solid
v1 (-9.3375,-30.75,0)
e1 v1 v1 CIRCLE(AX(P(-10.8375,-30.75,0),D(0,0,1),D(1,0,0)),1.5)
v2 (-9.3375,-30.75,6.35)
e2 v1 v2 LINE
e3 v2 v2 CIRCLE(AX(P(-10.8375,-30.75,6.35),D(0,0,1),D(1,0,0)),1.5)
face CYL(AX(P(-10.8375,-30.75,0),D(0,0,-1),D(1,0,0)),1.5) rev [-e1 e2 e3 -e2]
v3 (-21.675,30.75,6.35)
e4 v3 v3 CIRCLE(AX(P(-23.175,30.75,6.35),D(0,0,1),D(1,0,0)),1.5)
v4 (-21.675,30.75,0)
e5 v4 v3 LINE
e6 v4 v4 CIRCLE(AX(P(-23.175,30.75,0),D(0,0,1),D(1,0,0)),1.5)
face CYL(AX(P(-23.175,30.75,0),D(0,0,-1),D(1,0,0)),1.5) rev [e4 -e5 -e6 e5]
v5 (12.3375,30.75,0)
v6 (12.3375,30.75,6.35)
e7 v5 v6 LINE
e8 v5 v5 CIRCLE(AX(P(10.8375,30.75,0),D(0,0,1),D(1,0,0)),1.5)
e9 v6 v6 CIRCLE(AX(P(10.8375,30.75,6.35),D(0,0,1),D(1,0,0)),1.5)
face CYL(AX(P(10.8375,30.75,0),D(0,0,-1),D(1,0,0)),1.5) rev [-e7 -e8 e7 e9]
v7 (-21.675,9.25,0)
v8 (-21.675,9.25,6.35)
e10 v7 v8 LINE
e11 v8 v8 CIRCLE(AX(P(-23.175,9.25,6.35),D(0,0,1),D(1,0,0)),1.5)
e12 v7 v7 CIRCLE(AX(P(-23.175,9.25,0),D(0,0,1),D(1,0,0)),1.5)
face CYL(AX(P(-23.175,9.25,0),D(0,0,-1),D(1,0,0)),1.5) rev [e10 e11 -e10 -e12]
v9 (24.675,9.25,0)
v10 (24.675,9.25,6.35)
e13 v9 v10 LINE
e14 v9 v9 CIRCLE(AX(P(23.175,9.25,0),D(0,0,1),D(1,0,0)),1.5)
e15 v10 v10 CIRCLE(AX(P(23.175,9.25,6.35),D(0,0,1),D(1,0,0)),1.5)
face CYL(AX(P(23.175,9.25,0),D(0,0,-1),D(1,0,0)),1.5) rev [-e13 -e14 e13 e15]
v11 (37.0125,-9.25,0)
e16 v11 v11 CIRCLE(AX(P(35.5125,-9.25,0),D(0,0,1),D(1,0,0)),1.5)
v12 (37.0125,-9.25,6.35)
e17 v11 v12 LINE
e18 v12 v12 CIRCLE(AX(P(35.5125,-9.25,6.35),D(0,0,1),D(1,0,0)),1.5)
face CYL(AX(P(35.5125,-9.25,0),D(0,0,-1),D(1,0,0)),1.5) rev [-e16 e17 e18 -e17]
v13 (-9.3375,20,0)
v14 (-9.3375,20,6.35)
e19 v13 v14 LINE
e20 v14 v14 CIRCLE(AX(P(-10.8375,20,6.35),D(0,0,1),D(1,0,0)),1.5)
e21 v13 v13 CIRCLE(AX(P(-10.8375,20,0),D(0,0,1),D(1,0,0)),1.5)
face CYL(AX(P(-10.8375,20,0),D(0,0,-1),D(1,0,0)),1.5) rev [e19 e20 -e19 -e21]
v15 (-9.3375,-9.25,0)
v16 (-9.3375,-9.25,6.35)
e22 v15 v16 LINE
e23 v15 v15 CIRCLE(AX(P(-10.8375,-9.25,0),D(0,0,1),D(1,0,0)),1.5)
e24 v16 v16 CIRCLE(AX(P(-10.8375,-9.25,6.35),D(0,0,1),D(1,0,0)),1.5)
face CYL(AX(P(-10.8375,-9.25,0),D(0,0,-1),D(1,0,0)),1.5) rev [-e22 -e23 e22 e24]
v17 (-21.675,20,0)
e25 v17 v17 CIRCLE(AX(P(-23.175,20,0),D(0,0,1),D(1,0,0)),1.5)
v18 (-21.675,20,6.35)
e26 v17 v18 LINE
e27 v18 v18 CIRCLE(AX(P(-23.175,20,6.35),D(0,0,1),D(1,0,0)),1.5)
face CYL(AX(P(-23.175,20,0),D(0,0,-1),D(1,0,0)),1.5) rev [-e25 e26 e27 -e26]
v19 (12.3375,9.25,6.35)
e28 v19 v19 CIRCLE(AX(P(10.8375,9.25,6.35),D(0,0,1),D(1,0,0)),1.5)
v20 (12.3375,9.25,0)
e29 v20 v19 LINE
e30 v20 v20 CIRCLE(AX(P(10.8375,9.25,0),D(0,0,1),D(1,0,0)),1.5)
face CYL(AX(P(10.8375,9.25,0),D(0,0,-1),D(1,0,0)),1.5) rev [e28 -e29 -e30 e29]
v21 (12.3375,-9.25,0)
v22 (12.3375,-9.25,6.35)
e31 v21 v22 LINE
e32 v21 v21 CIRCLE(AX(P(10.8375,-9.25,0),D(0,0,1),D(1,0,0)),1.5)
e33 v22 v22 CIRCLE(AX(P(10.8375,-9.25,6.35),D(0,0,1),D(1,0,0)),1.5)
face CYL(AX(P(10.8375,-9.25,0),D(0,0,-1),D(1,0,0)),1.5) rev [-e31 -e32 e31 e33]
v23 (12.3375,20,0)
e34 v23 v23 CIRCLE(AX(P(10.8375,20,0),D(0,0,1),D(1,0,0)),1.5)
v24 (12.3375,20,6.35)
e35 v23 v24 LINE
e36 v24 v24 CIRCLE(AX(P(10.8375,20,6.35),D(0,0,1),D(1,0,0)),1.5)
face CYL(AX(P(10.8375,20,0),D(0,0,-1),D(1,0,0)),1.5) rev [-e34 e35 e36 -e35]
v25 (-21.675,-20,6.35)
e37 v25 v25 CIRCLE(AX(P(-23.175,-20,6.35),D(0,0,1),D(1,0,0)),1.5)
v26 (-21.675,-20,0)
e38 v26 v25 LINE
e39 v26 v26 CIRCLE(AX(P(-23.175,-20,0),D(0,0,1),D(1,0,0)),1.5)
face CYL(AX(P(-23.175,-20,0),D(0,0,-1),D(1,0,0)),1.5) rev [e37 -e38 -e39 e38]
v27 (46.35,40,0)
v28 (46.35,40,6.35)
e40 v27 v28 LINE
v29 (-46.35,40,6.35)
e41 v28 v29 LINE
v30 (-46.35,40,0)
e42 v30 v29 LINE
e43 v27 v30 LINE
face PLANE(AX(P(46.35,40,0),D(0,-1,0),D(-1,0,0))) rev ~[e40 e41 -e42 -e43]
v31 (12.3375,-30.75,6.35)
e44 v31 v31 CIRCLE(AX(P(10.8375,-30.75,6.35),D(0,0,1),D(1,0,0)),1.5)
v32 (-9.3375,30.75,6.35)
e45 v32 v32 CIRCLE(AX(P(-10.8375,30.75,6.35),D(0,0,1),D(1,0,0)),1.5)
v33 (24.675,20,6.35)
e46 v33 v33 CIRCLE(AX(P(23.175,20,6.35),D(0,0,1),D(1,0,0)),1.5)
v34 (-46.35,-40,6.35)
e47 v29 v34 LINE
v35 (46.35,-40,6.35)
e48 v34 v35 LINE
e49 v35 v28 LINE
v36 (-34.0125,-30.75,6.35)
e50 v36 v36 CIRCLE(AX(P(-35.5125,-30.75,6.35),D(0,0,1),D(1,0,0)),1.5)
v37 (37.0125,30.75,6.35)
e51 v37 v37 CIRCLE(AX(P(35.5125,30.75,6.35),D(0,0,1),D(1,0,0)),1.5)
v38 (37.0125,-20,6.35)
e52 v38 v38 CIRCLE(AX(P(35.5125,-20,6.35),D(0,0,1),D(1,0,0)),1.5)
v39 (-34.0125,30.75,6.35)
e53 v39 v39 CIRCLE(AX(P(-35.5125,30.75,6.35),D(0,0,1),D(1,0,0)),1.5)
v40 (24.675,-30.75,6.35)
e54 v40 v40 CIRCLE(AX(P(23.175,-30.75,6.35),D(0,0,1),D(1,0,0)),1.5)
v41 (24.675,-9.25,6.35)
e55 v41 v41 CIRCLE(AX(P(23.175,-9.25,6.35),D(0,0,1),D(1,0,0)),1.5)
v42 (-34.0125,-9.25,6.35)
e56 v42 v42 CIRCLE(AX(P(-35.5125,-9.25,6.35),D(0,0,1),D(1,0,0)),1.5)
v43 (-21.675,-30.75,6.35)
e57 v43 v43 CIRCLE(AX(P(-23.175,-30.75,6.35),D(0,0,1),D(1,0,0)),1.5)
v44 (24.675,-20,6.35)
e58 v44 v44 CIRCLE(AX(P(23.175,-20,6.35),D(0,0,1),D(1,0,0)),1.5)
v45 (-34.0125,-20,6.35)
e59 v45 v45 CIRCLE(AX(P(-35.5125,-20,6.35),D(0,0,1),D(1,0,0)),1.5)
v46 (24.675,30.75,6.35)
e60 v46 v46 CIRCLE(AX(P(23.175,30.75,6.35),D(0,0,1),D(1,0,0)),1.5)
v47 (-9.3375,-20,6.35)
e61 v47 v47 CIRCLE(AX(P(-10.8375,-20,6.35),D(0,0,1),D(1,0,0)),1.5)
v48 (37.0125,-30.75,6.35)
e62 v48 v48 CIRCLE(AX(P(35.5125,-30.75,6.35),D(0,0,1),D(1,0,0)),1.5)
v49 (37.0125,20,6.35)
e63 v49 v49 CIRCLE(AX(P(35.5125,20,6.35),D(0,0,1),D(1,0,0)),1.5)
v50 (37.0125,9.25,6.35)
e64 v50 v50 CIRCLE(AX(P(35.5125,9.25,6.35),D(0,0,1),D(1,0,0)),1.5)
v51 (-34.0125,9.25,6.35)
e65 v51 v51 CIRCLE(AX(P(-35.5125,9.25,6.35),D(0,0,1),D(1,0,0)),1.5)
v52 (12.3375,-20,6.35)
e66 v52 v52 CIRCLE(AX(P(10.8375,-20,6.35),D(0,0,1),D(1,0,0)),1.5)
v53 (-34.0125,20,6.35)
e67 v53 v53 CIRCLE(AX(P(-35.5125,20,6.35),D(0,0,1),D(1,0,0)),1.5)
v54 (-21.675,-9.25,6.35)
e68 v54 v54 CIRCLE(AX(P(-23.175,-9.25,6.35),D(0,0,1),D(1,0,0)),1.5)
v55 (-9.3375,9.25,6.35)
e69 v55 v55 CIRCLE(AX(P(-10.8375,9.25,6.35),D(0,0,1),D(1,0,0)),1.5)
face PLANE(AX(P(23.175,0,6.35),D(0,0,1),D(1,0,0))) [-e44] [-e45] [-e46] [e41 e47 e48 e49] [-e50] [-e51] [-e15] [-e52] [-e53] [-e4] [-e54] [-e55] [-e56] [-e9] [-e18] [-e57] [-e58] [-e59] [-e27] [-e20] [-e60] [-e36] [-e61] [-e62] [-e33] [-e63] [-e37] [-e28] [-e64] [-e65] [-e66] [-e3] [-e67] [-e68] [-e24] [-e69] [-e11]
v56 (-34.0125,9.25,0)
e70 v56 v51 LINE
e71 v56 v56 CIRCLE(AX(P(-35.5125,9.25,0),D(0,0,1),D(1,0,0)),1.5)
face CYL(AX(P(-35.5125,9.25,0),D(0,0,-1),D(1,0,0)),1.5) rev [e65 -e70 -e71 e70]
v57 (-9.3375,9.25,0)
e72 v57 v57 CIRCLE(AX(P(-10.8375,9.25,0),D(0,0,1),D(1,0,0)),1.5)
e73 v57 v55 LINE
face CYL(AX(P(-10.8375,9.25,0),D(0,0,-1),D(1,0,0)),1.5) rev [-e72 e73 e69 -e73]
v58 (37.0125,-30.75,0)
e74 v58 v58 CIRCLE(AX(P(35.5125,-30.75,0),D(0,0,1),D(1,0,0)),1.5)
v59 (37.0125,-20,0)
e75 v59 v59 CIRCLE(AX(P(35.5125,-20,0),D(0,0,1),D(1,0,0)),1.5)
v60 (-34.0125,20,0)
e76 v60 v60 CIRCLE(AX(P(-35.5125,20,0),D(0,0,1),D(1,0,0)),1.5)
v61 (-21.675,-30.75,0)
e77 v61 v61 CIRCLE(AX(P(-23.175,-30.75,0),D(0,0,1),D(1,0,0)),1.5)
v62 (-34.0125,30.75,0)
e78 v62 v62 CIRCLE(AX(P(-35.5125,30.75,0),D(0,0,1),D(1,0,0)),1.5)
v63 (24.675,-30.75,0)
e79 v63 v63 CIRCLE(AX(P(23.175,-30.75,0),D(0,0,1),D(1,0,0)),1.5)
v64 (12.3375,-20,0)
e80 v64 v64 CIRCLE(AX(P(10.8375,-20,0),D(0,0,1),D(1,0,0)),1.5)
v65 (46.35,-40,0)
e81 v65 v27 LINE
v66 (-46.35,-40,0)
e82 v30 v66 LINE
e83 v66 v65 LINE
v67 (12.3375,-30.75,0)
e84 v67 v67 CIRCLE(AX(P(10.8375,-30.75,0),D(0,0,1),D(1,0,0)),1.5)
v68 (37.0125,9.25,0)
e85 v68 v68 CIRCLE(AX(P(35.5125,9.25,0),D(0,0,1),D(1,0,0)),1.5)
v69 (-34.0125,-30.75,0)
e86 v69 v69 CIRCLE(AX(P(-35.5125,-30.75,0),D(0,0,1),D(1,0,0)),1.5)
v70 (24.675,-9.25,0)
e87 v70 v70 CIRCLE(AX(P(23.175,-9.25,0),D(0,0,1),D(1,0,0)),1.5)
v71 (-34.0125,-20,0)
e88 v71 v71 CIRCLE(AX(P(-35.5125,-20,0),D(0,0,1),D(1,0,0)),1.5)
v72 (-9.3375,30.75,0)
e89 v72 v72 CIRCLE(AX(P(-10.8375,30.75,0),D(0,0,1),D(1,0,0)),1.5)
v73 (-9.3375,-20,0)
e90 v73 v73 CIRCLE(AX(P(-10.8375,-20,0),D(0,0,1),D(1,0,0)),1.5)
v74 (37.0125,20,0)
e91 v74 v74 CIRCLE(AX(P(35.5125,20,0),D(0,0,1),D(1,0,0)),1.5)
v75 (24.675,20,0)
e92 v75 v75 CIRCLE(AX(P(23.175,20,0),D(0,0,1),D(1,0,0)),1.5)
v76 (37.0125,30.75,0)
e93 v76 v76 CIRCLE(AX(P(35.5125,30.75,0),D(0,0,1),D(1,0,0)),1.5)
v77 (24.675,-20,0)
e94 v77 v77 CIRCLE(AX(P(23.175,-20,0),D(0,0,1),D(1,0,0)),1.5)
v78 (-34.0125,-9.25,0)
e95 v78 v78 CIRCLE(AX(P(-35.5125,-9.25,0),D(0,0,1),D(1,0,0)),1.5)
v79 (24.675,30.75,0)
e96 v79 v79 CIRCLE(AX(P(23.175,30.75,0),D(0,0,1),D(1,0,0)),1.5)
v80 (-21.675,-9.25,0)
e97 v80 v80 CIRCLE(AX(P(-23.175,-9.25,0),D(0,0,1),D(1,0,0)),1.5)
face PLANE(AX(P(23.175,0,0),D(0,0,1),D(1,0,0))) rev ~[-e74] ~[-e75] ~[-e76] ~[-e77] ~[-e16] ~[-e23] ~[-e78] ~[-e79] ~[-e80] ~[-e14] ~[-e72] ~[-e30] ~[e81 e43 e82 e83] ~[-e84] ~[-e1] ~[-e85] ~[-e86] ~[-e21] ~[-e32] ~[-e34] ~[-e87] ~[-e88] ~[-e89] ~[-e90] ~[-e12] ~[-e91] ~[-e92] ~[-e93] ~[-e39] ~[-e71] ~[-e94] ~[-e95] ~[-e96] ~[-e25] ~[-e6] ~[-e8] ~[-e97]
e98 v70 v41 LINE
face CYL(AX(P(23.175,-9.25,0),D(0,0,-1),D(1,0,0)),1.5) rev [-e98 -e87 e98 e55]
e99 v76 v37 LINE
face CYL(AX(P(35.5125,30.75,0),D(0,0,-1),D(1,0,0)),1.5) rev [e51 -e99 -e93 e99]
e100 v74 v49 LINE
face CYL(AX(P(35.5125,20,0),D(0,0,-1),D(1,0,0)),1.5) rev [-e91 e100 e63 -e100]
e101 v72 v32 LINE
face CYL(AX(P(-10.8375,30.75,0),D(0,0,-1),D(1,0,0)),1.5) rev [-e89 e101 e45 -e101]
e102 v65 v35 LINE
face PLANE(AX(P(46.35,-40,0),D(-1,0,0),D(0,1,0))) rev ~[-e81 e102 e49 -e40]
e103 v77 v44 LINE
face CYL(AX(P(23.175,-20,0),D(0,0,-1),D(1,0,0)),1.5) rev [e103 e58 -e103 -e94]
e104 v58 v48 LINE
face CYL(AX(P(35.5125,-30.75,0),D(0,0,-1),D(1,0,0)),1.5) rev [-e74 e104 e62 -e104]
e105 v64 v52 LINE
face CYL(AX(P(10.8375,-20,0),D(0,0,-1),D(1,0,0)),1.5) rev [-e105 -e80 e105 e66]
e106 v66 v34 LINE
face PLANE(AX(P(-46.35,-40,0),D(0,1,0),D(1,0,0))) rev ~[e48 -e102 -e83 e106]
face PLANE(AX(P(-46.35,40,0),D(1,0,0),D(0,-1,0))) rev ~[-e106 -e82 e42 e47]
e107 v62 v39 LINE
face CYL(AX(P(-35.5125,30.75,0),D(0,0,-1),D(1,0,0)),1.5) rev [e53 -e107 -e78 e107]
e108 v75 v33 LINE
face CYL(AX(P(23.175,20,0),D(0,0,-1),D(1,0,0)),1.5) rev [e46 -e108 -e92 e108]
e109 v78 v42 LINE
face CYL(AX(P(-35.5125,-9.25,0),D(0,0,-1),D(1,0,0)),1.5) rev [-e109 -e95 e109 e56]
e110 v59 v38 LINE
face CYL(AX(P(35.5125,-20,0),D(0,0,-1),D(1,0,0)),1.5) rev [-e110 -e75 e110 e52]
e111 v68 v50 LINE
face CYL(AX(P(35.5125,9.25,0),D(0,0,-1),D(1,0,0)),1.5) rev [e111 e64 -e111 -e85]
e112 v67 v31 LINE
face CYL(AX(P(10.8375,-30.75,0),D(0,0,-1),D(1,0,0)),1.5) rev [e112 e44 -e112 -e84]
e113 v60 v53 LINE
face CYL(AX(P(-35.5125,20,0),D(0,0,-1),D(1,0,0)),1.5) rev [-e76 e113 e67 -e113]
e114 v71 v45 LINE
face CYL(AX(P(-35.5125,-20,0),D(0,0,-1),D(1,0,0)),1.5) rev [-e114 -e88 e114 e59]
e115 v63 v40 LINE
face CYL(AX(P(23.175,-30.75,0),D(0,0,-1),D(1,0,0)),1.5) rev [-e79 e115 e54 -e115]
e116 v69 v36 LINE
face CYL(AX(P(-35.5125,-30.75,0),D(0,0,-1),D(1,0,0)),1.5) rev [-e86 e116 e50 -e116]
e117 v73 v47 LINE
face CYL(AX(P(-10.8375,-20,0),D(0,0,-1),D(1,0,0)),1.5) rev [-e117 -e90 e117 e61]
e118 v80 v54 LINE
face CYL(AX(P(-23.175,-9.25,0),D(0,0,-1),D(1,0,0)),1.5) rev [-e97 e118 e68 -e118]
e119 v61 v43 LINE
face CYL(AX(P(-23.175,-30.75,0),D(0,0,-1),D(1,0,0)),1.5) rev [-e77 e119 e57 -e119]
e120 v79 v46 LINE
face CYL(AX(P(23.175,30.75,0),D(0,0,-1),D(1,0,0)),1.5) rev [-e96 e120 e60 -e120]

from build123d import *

# Parameters (mm, degrees)
F0_R     = 1.5
F1_DEPTH = 6.35


with BuildPart() as f1:
    # F0 (on Top) → F1 (new body)
    with BuildSketch(Plane.XY):
        Polygon((46.35, 40), (0, 40), (0, 0), (0, -40), (46.35, -40), (46.35, 0), align=None)
        with Locations((10.8375, -30.75)):
            Circle(F0_R, mode=Mode.SUBTRACT)
        with Locations((23.175, -30.75)):
            Circle(F0_R, mode=Mode.SUBTRACT)
        with Locations((35.5125, -30.75)):
            Circle(F0_R, mode=Mode.SUBTRACT)
        with Locations((10.8375, -20)):
            Circle(F0_R, mode=Mode.SUBTRACT)
        with Locations((10.8375, -9.25)):
            Circle(F0_R, mode=Mode.SUBTRACT)
        with Locations((23.175, -20)):
            Circle(F0_R, mode=Mode.SUBTRACT)
        with Locations((35.5125, -20)):
            Circle(F0_R, mode=Mode.SUBTRACT)
        with Locations((23.175, -9.25)):
            Circle(F0_R, mode=Mode.SUBTRACT)
        with Locations((35.5125, -9.25)):
            Circle(F0_R, mode=Mode.SUBTRACT)
        with Locations((10.8375, 9.25)):
            Circle(F0_R, mode=Mode.SUBTRACT)
        with Locations((23.175, 9.25)):
            Circle(F0_R, mode=Mode.SUBTRACT)
        with Locations((35.5125, 9.25)):
            Circle(F0_R, mode=Mode.SUBTRACT)
        with Locations((10.8375, 20)):
            Circle(F0_R, mode=Mode.SUBTRACT)
        with Locations((10.8375, 30.75)):
            Circle(F0_R, mode=Mode.SUBTRACT)
        with Locations((23.175, 20)):
            Circle(F0_R, mode=Mode.SUBTRACT)
        with Locations((35.5125, 20)):
            Circle(F0_R, mode=Mode.SUBTRACT)
        with Locations((23.175, 30.75)):
            Circle(F0_R, mode=Mode.SUBTRACT)
        with Locations((35.5125, 30.75)):
            Circle(F0_R, mode=Mode.SUBTRACT)
        Polygon((0, 0), (0, 40), (-46.35, 40), (-46.35, 0), (-46.35, -40), (0, -40), align=None)
        with Locations((-35.5125, -30.75)):
            Circle(F0_R, mode=Mode.SUBTRACT)
        with Locations((-23.175, -30.75)):
            Circle(F0_R, mode=Mode.SUBTRACT)
        with Locations((-10.8375, -30.75)):
            Circle(F0_R, mode=Mode.SUBTRACT)
        with Locations((-35.5125, -20)):
            Circle(F0_R, mode=Mode.SUBTRACT)
        with Locations((-23.175, -20)):
            Circle(F0_R, mode=Mode.SUBTRACT)
        with Locations((-35.5125, -9.25)):
            Circle(F0_R, mode=Mode.SUBTRACT)
        with Locations((-23.175, -9.25)):
            Circle(F0_R, mode=Mode.SUBTRACT)
        with Locations((-10.8375, -20)):
            Circle(F0_R, mode=Mode.SUBTRACT)
        with Locations((-10.8375, -9.25)):
            Circle(F0_R, mode=Mode.SUBTRACT)
        with Locations((-35.5125, 9.25)):
            Circle(F0_R, mode=Mode.SUBTRACT)
        with Locations((-23.175, 9.25)):
            Circle(F0_R, mode=Mode.SUBTRACT)
        with Locations((-10.8375, 9.25)):
            Circle(F0_R, mode=Mode.SUBTRACT)
        with Locations((-35.5125, 20)):
            Circle(F0_R, mode=Mode.SUBTRACT)
        with Locations((-23.175, 20)):
            Circle(F0_R, mode=Mode.SUBTRACT)
        with Locations((-35.5125, 30.75)):
            Circle(F0_R, mode=Mode.SUBTRACT)
        with Locations((-23.175, 30.75)):
            Circle(F0_R, mode=Mode.SUBTRACT)
        with Locations((-10.8375, 20)):
            Circle(F0_R, mode=Mode.SUBTRACT)
        with Locations((-10.8375, 30.75)):
            Circle(F0_R, mode=Mode.SUBTRACT)
    extrude(amount=F1_DEPTH)


solid = f1.part
